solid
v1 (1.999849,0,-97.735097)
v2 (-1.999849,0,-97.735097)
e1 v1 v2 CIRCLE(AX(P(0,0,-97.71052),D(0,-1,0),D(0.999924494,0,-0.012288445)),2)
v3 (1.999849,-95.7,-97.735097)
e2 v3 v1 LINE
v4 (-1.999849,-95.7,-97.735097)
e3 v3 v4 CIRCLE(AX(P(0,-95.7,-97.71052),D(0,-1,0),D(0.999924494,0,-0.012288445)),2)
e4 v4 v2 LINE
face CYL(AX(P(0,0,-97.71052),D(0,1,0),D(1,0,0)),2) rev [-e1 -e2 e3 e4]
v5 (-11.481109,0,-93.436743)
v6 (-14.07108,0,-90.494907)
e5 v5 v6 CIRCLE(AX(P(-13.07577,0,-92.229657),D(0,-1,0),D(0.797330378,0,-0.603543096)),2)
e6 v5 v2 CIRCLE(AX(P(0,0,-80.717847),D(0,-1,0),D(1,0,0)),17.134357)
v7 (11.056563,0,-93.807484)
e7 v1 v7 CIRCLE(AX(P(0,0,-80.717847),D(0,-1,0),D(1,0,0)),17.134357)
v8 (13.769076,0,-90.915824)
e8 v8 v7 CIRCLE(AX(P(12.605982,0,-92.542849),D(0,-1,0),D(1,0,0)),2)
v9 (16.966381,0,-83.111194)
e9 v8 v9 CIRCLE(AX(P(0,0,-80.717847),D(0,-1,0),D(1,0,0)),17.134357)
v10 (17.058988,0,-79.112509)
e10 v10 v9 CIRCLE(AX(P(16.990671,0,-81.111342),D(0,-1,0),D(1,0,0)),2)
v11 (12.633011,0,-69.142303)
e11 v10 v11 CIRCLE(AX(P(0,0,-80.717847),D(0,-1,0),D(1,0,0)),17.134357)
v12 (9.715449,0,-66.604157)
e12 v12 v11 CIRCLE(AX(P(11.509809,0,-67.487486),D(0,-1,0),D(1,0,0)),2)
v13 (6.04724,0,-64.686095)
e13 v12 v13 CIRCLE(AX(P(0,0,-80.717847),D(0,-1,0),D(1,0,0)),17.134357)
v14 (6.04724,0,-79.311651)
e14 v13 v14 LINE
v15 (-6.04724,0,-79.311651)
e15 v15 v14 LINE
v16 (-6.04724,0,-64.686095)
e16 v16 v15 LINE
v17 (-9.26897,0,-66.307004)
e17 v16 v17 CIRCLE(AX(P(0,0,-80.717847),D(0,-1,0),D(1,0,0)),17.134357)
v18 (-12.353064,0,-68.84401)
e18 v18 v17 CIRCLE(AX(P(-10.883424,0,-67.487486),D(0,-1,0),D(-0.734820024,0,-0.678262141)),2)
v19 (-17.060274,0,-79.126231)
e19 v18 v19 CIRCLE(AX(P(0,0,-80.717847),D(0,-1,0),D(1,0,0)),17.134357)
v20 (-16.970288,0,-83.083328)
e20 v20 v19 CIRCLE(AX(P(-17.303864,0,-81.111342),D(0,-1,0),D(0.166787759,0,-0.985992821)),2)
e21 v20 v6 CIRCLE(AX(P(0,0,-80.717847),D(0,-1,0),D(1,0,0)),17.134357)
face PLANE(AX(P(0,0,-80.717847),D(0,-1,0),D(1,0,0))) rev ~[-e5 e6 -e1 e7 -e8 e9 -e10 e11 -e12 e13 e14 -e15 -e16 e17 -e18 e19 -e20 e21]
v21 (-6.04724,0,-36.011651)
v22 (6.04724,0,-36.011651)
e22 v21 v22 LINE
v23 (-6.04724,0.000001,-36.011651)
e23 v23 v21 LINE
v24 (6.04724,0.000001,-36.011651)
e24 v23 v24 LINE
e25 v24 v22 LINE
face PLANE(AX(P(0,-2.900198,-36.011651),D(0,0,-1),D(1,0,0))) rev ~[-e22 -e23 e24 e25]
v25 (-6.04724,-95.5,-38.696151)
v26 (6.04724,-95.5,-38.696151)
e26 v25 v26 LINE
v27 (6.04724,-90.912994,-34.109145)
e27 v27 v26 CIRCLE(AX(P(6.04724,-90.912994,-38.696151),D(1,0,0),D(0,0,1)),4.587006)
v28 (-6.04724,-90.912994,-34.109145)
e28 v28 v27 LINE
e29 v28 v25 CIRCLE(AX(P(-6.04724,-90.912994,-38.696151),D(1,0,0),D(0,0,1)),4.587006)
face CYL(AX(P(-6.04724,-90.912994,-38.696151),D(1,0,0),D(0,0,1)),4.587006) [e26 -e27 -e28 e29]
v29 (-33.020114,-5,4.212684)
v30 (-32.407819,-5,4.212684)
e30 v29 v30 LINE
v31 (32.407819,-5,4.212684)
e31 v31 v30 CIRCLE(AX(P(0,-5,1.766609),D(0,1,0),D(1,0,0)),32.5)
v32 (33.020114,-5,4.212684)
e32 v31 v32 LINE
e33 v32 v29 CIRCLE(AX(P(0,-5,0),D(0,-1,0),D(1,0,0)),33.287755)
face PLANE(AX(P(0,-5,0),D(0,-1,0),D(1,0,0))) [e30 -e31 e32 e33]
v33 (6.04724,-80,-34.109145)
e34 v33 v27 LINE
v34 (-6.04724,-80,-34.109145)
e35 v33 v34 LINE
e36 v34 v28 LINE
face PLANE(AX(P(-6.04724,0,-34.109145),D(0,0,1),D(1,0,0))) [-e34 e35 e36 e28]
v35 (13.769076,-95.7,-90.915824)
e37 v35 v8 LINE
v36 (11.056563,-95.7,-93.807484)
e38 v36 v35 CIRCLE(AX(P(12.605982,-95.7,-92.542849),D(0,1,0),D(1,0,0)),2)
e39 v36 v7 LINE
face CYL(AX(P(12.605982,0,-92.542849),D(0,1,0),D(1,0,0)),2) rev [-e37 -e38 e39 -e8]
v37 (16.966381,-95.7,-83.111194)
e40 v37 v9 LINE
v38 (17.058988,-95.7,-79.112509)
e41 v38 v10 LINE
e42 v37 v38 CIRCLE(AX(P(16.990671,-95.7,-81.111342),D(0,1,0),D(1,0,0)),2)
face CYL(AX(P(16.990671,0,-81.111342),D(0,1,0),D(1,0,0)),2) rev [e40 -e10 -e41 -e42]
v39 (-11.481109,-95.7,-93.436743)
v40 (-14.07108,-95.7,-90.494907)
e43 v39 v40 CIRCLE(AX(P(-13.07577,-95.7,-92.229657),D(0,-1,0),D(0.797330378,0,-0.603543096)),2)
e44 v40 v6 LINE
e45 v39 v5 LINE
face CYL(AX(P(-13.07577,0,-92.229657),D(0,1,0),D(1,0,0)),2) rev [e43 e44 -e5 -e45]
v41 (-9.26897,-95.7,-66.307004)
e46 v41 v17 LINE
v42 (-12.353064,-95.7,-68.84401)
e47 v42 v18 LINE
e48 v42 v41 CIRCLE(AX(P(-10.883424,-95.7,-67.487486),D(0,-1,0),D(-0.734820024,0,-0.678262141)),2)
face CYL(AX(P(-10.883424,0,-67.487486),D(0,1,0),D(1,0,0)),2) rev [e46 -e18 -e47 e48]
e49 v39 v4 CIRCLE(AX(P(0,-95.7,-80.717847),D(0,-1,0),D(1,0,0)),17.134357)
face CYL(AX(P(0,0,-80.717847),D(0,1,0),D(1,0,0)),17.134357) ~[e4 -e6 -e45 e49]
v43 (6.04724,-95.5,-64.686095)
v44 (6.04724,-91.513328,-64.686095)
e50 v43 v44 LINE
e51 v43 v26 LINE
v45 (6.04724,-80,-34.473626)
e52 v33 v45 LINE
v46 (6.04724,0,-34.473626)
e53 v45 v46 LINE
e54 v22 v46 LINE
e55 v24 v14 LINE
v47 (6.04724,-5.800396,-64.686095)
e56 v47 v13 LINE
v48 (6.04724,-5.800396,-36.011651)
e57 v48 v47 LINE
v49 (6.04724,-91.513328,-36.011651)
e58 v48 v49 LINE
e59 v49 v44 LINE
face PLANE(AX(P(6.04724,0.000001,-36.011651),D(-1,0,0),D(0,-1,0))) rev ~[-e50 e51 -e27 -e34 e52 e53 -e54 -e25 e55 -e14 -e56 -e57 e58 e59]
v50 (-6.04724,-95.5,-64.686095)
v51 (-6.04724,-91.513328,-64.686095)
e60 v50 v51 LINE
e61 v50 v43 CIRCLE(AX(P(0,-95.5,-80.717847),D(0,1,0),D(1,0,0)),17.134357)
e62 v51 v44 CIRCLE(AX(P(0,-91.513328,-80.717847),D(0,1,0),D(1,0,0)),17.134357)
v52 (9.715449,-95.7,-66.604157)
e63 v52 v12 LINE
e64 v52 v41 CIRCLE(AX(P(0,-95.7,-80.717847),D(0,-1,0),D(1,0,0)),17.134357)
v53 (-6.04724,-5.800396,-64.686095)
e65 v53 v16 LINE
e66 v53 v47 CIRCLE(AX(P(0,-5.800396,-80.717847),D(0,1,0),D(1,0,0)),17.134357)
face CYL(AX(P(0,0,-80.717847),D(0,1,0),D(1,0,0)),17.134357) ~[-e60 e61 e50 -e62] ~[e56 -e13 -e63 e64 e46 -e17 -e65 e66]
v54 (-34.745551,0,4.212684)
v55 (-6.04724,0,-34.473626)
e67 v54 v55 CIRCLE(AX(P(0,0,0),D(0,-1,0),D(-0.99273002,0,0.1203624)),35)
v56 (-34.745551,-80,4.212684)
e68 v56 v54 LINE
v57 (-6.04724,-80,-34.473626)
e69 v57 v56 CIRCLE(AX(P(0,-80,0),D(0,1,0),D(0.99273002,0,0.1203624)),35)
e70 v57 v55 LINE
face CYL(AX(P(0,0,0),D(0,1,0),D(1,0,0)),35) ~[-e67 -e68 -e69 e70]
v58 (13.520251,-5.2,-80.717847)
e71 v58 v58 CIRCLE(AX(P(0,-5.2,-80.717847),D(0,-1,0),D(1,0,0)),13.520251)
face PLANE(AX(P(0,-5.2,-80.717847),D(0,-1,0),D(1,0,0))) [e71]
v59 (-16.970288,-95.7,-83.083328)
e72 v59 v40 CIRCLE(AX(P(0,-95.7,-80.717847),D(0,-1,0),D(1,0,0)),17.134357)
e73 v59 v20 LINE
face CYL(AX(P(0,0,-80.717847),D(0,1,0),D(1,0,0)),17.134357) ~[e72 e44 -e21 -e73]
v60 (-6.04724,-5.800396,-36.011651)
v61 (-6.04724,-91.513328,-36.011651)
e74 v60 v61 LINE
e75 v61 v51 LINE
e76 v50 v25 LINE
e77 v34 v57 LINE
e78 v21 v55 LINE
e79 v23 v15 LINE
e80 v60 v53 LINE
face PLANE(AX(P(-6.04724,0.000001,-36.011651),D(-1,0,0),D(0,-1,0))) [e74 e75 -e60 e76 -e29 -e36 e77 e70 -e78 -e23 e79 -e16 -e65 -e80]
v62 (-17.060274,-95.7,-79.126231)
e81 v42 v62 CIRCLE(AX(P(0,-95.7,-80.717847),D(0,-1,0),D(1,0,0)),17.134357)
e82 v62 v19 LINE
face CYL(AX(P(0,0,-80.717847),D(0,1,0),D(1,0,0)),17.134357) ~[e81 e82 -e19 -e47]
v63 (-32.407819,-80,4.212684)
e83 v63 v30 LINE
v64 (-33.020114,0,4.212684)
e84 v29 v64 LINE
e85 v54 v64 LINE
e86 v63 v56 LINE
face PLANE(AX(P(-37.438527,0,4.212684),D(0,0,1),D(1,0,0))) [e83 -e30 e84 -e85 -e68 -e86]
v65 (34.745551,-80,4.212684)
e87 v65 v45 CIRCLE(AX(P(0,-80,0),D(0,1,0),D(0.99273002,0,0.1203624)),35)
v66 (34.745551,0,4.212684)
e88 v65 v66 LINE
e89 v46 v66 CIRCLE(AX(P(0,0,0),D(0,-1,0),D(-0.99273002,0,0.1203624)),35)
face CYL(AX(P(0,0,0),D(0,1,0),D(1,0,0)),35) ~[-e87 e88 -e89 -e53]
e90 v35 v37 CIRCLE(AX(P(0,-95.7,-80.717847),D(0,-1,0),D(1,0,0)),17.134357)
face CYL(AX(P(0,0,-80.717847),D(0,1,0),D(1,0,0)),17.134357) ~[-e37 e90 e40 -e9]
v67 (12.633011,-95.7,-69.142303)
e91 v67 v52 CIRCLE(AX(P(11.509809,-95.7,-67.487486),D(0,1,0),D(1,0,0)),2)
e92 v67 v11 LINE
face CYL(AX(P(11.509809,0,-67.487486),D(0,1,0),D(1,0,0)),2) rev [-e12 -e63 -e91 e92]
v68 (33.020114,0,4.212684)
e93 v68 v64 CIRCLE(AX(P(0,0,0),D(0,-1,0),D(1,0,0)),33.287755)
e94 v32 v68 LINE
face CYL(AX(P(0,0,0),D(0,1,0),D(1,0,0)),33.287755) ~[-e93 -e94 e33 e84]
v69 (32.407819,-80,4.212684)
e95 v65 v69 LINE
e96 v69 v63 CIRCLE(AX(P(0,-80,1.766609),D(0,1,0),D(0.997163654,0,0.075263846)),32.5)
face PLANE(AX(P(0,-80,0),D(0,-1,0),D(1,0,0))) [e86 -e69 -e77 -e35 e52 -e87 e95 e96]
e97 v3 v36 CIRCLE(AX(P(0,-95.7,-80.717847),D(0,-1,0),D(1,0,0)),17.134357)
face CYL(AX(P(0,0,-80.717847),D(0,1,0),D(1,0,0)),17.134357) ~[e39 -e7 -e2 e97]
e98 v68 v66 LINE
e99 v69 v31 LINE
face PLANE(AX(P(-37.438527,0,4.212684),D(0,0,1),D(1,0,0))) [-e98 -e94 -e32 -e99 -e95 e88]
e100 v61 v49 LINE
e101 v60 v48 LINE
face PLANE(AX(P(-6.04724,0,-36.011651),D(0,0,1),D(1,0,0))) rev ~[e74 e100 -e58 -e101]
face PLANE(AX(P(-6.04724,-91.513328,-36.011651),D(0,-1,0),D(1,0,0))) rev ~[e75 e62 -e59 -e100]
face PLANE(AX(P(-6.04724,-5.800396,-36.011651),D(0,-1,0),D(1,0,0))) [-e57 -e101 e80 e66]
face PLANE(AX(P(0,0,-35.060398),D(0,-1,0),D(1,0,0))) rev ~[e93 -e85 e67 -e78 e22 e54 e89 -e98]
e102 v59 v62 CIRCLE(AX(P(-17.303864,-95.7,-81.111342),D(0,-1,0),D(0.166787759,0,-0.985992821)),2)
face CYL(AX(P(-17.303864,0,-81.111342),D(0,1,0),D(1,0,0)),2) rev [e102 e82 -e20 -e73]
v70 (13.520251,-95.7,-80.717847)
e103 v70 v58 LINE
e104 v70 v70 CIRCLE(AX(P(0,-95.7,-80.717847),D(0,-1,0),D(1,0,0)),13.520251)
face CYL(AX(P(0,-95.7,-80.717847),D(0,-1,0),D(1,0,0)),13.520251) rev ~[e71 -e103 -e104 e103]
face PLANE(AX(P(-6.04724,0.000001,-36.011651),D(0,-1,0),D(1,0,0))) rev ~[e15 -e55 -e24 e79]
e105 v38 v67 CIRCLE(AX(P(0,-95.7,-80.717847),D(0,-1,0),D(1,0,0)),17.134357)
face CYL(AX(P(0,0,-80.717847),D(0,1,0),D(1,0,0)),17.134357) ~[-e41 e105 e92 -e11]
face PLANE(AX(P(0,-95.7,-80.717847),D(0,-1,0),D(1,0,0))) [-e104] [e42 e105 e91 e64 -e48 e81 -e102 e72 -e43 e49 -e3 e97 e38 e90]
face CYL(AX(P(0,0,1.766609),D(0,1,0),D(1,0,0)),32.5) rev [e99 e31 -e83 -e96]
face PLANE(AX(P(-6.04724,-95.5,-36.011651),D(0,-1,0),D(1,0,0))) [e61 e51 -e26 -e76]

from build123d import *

# Parameters (mm, degrees)
F0_R      = 35
F1_DEPTH  = 80
F2_R      = 32.5
F3_DEPTH  = 210
F5_DEPTH  = 105.2
F6_W      = 12.09448
F6_H      = 1.902506
F7_DEPTH  = 95.5
F8_R      = 33.287755
F9_DEPTH  = 5
F10_W     = 12.09448
F10_H     = 3.986672
F11_DEPTH = 40
F12_R     = 4.587006
F13_R     = 17.134357
F14_DEPTH = 95.7
F15_W     = 12.09448
F15_H     = 5.800397
F16_DEPTH = 43.3
F17_R     = 2
F18_DEPTH = 126
F19_R     = 13.520251
F20_DEPTH = 90.5


with BuildPart() as f1:
    # F0 (on Front) → F1 (new body)
    with BuildSketch(Plane.XZ):
        Circle(F0_R)
    extrude(amount=F1_DEPTH)

    # F2 (on Front) → F3 (cut)
    with BuildSketch(Plane.XZ):
        with Locations((0, 1.766609)):
            Circle(F2_R)
    extrude(amount=F3_DEPTH, mode=Mode.SUBTRACT)

    # F4 (on Front) → F5 (cut)
    with BuildSketch(Plane.XZ):
        Polygon((-54.289259, 17.530199), (-37.438527, 4.212684), (53.609796, 4.212684), (40.020492, 42.942192), (-37.710313, 49.736843), align=None)
    extrude(amount=F5_DEPTH, mode=Mode.SUBTRACT)

    # F6 (on Front) → F7 (join)
    with BuildSketch(Plane.XZ):
        with Locations((0, -35.060398)):
            Rectangle(F6_W, F6_H)
    extrude(amount=F7_DEPTH)

    # F8 (on Front) → F9 (join)
    with BuildSketch(Plane.XZ):
        Circle(F8_R)
    extrude(amount=F9_DEPTH)

    # F10 (on face) → F11 (join)
    with BuildSketch(Plane(origin=(0, 0, -36.011651), x_dir=(1, 0, 0), z_dir=(0, 0, -1))):
        with Locations((0, 93.506664)):
            Rectangle(F10_W, F10_H)
    extrude(amount=F11_DEPTH)

    # F12
    f12_edges = [f1.edges().sort_by_distance(p)[0] for p in [
        (0, -95.5, -34.109145),
    ]]
    fillet(f12_edges, radius=F12_R)

    # F13 (on Front) → F14 (join)
    with BuildSketch(Plane.XZ):
        with Locations((0, -80.717847)):
            Circle(F13_R)
    extrude(amount=F14_DEPTH)

    # F15 (on face) → F16 (join)
    with BuildSketch(Plane(origin=(0, 0, -36.011651), x_dir=(1, 0, 0), z_dir=(0, 0, -1))):
        with Locations((0, 2.900198)):
            Rectangle(F15_W, F15_H)
    extrude(amount=F16_DEPTH)

    # F17 (on Front) → F18 (cut)
    with BuildSketch(Plane.XZ):
        with Locations((-17.303864, -81.111342)):
            Circle(F17_R)
        with Locations((16.990671, -81.111342)):
            Circle(F17_R)
        with Locations((0, -97.71052)):
            Circle(F17_R)
        with Locations((-13.07577, -92.229657)):
            Circle(F17_R)
        with Locations((12.605982, -92.542849)):
            Circle(F17_R)
        with Locations((11.509809, -67.487486)):
            Circle(F17_R)
        with Locations((-10.883424, -67.487486)):
            Circle(F17_R)
    extrude(amount=F18_DEPTH, mode=Mode.SUBTRACT)

    # F19 (on face) → F20 (cut)
    with BuildSketch(Plane.XZ.offset(95.7)):
        with Locations((0, -80.717847)):
            Circle(F19_R)
    extrude(amount=-F20_DEPTH, mode=Mode.SUBTRACT)


solid = f1.part
